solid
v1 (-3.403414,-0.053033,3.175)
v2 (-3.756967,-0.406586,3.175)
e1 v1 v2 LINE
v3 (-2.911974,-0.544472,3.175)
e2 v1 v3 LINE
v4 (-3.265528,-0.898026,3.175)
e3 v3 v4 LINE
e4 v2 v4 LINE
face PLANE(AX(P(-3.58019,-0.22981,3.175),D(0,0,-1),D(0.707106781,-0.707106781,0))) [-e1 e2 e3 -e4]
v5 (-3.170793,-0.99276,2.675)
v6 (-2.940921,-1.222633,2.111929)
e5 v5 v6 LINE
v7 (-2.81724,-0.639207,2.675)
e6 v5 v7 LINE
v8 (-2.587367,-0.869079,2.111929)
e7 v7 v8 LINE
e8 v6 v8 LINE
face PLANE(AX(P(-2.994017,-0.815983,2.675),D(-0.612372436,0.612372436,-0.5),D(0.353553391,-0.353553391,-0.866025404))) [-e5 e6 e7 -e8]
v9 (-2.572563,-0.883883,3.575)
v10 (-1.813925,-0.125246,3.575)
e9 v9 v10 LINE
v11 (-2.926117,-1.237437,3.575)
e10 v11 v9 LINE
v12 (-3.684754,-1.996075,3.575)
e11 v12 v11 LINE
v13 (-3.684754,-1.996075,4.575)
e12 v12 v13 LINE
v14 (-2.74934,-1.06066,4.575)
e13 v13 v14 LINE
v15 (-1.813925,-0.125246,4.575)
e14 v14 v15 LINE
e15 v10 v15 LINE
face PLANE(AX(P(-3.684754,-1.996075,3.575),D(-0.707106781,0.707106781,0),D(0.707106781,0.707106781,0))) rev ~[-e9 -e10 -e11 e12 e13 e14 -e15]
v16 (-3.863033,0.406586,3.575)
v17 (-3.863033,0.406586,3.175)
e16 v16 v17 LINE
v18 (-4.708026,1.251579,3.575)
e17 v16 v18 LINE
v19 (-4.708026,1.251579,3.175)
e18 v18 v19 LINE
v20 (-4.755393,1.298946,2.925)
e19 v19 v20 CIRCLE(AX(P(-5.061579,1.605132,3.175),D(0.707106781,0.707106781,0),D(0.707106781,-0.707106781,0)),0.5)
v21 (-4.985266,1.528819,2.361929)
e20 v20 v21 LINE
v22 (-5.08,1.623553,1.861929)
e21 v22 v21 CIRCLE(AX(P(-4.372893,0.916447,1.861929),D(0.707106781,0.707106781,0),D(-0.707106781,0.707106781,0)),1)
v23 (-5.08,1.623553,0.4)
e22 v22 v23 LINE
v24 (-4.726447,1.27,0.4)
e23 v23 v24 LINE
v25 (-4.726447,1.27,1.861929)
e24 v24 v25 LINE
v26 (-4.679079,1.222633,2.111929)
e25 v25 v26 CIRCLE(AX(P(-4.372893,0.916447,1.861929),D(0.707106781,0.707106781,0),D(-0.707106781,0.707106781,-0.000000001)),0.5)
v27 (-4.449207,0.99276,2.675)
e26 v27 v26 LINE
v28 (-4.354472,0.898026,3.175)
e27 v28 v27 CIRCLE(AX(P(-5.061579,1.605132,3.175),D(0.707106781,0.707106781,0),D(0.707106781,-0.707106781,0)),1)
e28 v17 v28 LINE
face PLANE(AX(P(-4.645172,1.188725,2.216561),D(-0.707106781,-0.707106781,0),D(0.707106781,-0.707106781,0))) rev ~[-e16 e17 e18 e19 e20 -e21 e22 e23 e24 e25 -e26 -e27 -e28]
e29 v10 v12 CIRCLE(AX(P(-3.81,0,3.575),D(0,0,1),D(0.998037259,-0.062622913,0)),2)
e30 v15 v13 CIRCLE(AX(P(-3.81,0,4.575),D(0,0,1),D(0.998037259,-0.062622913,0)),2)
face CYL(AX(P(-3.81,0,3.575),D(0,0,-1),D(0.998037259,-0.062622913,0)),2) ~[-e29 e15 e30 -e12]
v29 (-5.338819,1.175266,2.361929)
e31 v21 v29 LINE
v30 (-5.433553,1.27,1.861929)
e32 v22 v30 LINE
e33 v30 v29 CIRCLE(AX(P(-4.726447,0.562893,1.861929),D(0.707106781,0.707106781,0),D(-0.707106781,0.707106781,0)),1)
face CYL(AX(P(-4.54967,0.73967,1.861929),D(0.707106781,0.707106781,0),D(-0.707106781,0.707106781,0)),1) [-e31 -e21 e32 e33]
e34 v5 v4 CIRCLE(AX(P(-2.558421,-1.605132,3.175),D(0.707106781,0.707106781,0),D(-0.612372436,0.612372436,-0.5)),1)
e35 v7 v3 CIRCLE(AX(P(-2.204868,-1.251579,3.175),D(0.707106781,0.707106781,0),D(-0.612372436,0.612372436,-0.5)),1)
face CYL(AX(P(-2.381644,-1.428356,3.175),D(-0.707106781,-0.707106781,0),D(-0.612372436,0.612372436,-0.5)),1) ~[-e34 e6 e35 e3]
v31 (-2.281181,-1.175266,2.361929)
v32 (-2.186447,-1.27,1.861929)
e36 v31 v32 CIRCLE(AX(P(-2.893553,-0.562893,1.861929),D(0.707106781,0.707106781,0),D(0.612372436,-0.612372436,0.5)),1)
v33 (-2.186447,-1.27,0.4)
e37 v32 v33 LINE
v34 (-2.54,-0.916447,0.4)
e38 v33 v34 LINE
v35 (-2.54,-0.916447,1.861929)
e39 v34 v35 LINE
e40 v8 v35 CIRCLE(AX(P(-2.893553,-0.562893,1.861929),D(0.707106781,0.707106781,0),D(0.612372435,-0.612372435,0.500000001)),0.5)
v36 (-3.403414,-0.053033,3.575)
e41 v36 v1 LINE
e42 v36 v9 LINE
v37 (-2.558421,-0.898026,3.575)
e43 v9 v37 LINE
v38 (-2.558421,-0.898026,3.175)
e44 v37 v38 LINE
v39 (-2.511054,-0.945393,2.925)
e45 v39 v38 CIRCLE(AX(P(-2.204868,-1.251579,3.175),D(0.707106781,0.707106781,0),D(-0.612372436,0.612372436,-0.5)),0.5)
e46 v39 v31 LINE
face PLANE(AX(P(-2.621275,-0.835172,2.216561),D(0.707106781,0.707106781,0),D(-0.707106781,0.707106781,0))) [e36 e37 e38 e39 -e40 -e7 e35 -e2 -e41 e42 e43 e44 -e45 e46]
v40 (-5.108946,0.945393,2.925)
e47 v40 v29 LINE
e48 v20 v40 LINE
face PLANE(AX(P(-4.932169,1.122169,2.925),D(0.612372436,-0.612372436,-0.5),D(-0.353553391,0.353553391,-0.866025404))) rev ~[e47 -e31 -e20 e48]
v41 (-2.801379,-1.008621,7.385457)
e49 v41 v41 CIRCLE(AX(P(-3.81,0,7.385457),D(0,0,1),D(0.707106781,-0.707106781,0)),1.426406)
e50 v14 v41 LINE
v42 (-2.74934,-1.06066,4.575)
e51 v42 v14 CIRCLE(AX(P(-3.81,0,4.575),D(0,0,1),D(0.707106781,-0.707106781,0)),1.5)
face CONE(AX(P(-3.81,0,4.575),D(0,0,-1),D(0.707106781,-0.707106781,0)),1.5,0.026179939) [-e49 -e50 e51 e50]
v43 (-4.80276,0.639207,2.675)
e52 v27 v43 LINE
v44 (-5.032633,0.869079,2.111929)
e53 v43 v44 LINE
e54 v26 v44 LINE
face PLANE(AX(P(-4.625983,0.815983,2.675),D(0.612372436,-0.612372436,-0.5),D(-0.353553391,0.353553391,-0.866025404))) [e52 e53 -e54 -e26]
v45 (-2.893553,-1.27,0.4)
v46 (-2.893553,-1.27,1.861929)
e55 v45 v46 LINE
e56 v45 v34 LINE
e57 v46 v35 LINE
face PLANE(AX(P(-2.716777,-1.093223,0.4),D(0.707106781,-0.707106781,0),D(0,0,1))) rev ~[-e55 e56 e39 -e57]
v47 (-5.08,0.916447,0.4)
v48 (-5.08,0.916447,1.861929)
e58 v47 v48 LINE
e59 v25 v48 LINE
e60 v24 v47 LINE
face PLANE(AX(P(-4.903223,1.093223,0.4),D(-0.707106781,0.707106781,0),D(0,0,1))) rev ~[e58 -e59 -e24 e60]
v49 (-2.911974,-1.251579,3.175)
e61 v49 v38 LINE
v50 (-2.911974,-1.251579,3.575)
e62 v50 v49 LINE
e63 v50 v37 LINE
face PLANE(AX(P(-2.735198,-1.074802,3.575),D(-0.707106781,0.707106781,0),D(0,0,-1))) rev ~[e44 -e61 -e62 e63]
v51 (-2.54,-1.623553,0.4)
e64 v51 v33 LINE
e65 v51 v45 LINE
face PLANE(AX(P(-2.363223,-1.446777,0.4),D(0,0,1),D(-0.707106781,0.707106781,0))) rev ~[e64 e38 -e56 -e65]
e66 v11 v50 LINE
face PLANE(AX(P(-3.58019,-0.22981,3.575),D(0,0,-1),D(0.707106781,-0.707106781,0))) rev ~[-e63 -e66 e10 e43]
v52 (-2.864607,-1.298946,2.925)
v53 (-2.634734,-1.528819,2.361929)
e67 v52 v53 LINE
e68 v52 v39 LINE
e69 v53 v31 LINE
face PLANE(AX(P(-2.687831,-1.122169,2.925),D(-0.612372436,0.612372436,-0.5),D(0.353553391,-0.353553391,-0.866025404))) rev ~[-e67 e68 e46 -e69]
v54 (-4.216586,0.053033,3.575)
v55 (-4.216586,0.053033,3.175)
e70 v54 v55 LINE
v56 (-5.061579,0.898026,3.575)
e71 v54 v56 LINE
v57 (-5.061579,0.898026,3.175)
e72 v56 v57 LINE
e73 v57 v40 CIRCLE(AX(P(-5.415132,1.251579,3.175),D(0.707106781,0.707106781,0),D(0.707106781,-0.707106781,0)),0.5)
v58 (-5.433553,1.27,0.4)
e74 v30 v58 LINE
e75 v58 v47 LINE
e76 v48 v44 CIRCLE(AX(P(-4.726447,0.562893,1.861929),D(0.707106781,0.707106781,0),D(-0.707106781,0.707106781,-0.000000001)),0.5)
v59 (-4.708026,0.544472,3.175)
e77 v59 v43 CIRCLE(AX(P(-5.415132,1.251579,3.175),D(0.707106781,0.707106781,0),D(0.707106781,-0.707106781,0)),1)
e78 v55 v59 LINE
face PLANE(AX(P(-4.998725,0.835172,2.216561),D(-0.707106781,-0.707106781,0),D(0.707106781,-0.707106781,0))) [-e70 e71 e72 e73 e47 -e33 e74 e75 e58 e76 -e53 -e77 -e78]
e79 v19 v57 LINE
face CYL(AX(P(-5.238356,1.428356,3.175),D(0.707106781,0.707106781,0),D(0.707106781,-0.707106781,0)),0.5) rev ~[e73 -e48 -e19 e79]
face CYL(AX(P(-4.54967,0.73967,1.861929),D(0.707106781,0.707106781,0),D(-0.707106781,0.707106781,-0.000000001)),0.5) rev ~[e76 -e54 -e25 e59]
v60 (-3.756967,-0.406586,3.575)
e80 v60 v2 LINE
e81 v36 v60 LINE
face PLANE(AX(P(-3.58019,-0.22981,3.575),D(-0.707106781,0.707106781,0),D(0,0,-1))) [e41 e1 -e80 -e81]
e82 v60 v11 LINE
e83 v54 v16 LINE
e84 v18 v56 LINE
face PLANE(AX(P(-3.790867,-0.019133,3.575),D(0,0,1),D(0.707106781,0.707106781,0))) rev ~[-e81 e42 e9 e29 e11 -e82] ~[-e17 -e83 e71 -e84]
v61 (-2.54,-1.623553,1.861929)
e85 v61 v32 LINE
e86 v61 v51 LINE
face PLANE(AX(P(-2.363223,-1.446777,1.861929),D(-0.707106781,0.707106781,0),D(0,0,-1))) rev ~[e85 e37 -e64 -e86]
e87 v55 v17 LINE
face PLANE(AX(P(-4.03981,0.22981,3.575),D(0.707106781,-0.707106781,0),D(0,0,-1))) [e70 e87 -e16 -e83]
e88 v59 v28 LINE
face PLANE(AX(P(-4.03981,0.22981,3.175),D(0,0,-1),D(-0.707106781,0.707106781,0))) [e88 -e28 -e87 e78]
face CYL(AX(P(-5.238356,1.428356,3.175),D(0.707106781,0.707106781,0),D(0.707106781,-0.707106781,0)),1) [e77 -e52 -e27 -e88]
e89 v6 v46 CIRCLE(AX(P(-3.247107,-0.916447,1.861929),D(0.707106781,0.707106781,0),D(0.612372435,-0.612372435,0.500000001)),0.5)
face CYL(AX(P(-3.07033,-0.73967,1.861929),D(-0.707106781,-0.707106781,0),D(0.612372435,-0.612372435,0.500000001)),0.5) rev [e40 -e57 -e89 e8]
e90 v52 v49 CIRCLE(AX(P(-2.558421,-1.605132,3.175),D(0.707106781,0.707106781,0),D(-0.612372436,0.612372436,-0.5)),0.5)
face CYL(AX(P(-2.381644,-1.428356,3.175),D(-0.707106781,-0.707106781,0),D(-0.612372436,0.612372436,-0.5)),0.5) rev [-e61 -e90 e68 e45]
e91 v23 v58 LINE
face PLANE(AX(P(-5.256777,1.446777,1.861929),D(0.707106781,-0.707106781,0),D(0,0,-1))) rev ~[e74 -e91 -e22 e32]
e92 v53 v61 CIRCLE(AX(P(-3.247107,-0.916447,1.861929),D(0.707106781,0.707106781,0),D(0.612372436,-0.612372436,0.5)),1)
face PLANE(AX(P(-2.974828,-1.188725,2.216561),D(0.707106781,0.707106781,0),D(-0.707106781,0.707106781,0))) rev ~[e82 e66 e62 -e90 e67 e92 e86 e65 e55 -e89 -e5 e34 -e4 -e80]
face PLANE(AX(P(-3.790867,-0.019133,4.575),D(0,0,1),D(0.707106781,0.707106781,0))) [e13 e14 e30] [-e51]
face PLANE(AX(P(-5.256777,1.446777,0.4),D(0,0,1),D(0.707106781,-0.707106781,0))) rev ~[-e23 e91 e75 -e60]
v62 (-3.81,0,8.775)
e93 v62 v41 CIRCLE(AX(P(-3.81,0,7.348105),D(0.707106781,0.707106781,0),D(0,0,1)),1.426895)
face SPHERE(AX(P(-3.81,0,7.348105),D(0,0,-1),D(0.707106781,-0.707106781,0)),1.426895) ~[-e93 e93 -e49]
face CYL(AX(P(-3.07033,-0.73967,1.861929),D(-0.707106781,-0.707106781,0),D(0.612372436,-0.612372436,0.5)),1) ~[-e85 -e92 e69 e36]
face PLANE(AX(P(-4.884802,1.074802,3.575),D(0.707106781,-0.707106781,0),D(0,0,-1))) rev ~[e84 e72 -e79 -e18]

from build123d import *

# Parameters (mm, degrees)
PAD_DEPTH            = 1
PAD001_DEPTH         = 0.25
BODY_PLACEMENT_ANGLE = 45


with BuildPart() as part:
    # Sketch → Pad (new body)
    with BuildSketch(Plane.XY):
        with BuildLine():
            ThreePointArc((1.3228756555, -1.5), (0, 2), (-1.3228756555, -1.5))
            Line((-1.3228756555, -1.5), (1.3228756555, -1.5))
        make_face()
    extrude(amount=PAD_DEPTH)

    # Sketch001 → Revolution (revolve)
    with BuildSketch(Plane.YZ):
        with BuildLine():
            Line((0, 5.2), (0, 1))
            Line((0, 1), (-1.5, 1))
            Line((-1.5, 1), (-1.4264055883, 3.8104571954))
            ThreePointArc((0, 5.2), (-0.9956734038, 4.7951927894), (-1.4264055883, 3.8104571954))
        make_face()
    revolve(axis=Axis((0, 0, 0), (0, 0, 1)))

    # Sketch002 → Pad001 (join, symmetric)
    with BuildSketch(Plane.YZ):
        with BuildLine():
            Line((-0.325, 0), (-1.52, 0))
            Line((-1.52, 0), (-1.52, -0.4))
            ThreePointArc((-1.5869872981, -0.65), (-1.5370370869, -0.5294095226), (-1.52, -0.4))
            Line((-1.5869872981, -0.65), (-1.912076628, -1.2130712364))
            ThreePointArc((-1.912076628, -1.2130712364), (-2.0119770505, -1.4542521913), (-2.0460512242, -1.7130712364))
            Line((-2.0460512242, -1.7130712364), (-2.0460512242, -3.175))
            Line((-2.0460512242, -3.175), (-1.5460512242, -3.175))
            Line((-1.5460512242, -3.175), (-1.5460512242, -1.7130712364))
            ThreePointArc((-1.4790639261, -1.4630712364), (-1.5290141374, -1.5836617138), (-1.5460512242, -1.7130712364))
            Line((-1.1539745962, -0.9), (-1.4790639261, -1.4630712364))
            ThreePointArc((-1.1539745962, -0.9), (-1.0540741737, -0.6588190451), (-1.02, -0.4))
            Line((-0.325, -0.4), (-1.02, -0.4))
            Line((-0.325, 0), (-0.325, -0.4))
        make_face()
        with BuildLine():
            Line((0.325, 0), (1.52, 0))
            Line((1.52, 0), (1.52, -0.4))
            ThreePointArc((1.52, -0.4), (1.5370370869, -0.5294095226), (1.5869872981, -0.65))
            Line((1.5869872981, -0.65), (1.912076628, -1.2130712364))
            ThreePointArc((2.0460512242, -1.7130712364), (2.0119770505, -1.4542521913), (1.912076628, -1.2130712364))
            Line((2.0460512242, -1.7130712364), (2.0460512242, -3.175))
            Line((2.0460512242, -3.175), (1.5460512242, -3.175))
            Line((1.5460512242, -3.175), (1.5460512242, -1.7130712364))
            ThreePointArc((1.5460512242, -1.7130712364), (1.5290141374, -1.5836617138), (1.4790639261, -1.4630712364))
            Line((1.1539745962, -0.9), (1.4790639261, -1.4630712364))
            ThreePointArc((1.02, -0.4), (1.0540741737, -0.6588190451), (1.1539745962, -0.9))
            Line((0.325, -0.4), (1.02, -0.4))
            Line((0.325, 0), (0.325, -0.4))
        make_face()
    extrude(amount=PAD001_DEPTH, both=True)


with BuildPart() as part_1:
    # Body placement: moved
    add(part.part.moved(Location((-3.81, 0, 3.575))).rotate(Axis((-3.81, 0, 3.575), (0, 0, 1)), BODY_PLACEMENT_ANGLE))


solid = part_1.part
